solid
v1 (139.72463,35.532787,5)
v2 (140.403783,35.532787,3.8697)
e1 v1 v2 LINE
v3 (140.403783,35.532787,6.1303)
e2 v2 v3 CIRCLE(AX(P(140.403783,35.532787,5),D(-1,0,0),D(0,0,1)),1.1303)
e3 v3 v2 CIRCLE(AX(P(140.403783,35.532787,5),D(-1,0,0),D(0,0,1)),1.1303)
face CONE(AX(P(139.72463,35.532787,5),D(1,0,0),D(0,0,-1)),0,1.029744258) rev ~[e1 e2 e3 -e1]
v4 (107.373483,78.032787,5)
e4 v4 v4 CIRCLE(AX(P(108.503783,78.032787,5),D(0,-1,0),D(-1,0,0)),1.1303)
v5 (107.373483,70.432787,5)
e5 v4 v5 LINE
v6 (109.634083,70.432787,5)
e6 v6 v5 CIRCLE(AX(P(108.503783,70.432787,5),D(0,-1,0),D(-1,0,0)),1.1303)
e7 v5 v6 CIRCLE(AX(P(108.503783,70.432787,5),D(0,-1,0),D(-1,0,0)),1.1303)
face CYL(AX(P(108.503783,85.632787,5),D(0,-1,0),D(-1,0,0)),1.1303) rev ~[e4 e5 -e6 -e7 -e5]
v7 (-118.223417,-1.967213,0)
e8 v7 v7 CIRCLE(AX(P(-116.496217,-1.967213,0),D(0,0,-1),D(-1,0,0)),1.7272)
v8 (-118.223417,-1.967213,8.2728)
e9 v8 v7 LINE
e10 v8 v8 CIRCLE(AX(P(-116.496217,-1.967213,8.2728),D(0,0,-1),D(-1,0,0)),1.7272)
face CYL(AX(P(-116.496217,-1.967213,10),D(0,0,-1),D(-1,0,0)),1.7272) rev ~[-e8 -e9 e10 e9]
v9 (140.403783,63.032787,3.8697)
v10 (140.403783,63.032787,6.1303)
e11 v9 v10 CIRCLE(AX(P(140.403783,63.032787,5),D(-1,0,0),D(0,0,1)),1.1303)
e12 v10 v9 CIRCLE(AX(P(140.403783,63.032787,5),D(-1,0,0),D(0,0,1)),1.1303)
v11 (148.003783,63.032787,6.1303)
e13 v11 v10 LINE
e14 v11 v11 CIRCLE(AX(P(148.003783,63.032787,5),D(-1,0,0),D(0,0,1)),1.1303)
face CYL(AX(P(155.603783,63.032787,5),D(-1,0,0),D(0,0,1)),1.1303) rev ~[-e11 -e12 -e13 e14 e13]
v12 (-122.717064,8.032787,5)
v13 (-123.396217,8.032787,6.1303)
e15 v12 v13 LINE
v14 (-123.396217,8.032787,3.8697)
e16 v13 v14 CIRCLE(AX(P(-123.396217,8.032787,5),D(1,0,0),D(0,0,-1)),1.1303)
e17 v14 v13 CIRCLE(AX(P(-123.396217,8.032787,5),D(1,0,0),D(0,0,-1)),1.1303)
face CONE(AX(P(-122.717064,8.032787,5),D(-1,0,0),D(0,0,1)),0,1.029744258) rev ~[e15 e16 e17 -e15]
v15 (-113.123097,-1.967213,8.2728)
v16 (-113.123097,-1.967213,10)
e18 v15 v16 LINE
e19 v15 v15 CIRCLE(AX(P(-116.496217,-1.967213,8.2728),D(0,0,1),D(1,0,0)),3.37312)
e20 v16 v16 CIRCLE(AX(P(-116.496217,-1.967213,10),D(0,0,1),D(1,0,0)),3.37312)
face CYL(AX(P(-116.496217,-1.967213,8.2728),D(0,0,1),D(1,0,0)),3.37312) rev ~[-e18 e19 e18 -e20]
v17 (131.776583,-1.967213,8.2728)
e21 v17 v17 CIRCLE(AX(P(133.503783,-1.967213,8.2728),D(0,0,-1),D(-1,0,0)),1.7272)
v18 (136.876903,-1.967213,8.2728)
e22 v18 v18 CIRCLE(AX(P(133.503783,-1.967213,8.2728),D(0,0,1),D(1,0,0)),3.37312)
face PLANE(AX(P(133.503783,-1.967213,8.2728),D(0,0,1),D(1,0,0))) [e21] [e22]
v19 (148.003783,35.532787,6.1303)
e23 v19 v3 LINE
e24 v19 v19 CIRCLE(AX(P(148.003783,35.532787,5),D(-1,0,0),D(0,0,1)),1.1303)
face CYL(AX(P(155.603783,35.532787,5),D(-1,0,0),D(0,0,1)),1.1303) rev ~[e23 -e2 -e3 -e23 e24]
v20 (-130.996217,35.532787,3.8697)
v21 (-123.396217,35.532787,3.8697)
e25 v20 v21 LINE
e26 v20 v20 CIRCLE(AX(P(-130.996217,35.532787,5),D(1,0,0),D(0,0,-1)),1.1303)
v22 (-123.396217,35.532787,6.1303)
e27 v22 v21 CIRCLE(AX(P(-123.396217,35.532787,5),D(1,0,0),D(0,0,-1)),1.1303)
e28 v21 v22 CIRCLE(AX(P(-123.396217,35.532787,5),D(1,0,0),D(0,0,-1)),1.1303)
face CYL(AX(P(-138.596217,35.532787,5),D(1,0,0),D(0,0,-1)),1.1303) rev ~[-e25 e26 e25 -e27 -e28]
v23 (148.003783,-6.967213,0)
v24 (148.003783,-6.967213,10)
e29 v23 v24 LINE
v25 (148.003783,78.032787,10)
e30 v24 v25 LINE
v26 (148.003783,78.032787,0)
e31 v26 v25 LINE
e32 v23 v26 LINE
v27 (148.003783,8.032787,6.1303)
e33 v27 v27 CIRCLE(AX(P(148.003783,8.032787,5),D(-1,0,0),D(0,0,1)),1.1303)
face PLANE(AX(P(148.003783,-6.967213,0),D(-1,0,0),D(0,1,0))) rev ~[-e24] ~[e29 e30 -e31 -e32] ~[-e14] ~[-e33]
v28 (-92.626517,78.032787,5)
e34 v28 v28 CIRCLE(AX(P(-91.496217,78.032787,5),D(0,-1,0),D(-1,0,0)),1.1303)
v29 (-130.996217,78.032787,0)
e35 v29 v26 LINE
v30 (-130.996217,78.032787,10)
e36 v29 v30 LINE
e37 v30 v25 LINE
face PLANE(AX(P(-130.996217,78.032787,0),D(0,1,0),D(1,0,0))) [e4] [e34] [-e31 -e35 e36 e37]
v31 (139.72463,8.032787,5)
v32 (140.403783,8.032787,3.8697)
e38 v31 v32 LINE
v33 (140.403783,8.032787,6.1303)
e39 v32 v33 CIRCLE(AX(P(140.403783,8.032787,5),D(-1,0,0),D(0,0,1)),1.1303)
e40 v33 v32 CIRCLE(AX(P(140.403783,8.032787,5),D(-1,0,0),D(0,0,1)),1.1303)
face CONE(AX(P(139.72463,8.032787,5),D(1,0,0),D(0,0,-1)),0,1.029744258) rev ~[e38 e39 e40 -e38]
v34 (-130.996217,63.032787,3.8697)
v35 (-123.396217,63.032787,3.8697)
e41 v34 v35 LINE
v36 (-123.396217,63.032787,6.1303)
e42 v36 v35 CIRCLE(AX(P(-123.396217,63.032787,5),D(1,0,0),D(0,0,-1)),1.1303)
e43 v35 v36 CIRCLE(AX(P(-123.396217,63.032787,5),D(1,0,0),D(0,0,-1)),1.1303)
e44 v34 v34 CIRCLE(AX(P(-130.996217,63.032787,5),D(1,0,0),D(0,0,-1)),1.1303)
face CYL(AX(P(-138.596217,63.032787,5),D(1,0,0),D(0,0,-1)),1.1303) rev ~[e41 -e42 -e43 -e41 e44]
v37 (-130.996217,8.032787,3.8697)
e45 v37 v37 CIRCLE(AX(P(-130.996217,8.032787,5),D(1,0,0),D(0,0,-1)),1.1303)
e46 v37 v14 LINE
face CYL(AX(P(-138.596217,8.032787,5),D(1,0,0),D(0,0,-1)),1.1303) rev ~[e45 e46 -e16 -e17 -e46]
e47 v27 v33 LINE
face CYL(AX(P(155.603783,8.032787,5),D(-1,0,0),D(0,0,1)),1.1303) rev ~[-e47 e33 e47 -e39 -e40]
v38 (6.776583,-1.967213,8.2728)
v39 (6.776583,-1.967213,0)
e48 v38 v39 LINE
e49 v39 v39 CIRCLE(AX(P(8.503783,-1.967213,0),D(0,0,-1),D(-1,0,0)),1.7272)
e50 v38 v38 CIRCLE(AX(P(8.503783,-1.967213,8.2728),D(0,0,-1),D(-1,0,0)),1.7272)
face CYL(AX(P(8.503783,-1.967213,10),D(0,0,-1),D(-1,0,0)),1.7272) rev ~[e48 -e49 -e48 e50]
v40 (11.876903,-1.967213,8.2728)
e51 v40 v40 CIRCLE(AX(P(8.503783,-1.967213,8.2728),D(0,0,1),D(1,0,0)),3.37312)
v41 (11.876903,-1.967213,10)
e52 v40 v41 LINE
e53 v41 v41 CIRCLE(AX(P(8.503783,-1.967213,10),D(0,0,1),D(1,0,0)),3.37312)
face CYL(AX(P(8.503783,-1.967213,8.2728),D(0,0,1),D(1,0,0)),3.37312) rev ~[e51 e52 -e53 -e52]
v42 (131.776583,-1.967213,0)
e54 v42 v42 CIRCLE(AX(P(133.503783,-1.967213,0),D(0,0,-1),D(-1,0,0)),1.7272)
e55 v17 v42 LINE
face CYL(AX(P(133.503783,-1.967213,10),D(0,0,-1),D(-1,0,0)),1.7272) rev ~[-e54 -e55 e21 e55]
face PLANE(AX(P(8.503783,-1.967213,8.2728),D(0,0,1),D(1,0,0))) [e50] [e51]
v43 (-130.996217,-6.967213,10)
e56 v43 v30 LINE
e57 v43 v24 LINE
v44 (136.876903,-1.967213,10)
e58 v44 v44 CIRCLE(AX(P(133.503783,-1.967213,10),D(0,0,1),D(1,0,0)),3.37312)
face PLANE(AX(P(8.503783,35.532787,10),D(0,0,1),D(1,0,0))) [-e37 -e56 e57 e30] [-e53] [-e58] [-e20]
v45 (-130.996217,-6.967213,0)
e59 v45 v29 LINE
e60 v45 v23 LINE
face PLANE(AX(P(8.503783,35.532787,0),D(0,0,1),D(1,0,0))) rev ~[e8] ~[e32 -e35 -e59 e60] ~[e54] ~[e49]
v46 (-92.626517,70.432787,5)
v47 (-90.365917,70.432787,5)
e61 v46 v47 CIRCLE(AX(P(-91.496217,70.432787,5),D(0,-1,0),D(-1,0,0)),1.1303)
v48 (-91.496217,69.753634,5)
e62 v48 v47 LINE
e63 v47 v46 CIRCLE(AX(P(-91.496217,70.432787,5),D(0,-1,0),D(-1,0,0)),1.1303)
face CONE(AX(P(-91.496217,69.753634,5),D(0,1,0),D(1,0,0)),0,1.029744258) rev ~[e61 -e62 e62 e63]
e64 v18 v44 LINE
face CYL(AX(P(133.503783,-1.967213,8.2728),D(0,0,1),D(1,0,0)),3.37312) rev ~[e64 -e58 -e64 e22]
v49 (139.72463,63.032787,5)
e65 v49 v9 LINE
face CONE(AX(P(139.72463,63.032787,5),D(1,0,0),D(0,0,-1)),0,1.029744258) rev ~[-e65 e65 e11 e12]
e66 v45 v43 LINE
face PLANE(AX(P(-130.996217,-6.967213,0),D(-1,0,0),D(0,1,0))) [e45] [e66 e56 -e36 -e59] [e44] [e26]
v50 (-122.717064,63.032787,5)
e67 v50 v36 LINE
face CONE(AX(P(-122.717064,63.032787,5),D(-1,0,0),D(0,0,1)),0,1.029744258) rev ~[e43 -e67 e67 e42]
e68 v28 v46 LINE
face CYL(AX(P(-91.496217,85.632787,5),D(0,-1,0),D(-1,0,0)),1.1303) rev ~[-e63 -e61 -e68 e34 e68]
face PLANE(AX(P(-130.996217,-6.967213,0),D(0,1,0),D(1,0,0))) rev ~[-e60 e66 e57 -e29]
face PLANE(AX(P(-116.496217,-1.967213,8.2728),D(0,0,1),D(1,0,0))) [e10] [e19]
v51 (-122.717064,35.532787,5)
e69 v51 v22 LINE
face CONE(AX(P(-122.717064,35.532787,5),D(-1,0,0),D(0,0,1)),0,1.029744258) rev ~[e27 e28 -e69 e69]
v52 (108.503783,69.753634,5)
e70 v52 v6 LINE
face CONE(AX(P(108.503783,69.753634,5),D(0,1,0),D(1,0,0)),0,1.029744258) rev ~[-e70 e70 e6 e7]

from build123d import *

# Parameters (mm, degrees)
SKETCH1_W                                           = 279
SKETCH1_H                                           = 85
BOSS_EXTRUDE1_DEPTH                                 = 10
CBORE_FOR_4_BINDING_HEAD_MACHINE_SCREW1_D           = 3.4544
CBORE_FOR_4_BINDING_HEAD_MACHINE_SCREW1_CBORE_D     = 6.74624
CBORE_FOR_4_BINDING_HEAD_MACHINE_SCREW1_CBORE_DEPTH = 1.7272
F_4_40_TAPPED_HOLE1_D                               = 2.2606
F_4_40_TAPPED_HOLE1_DEPTH                           = 7.6
F_4_40_TAPPED_HOLE1_TIP                             = 0.679152758
F_4_40_TAPPED_HOLE2_D                               = 2.2606
F_4_40_TAPPED_HOLE2_DEPTH                           = 7.6
F_4_40_TAPPED_HOLE2_TIP                             = 0.679152758
F_4_40_TAPPED_HOLE3_D                               = 2.2606
F_4_40_TAPPED_HOLE3_DEPTH                           = 7.6
F_4_40_TAPPED_HOLE3_TIP                             = 0.679152758


with BuildPart() as part:
    # Sketch1 → Boss-Extrude1 (new body)
    with BuildSketch(Plane.XY):
        with Locations((8.503783102, 35.532786885)):
            Rectangle(SKETCH1_W, SKETCH1_H)
    extrude(amount=BOSS_EXTRUDE1_DEPTH)

    # CBORE for #4 Binding Head Machine Screw1 (through all)
    with Locations(Plane.XY.offset(10)):
        with Locations((-116.496216898, -1.967213115), (8.503783102, -1.967213115), (133.503783102, -1.967213115)):
            CounterBoreHole(CBORE_FOR_4_BINDING_HEAD_MACHINE_SCREW1_D / 2, CBORE_FOR_4_BINDING_HEAD_MACHINE_SCREW1_CBORE_D / 2, CBORE_FOR_4_BINDING_HEAD_MACHINE_SCREW1_CBORE_DEPTH)

    # #4-40 Tapped Hole1
    with Locations(Plane.ZY.offset(130.996216898)):
        with Locations((5, 63.032786885), (5, 35.532786885), (5, 8.032786885)):
            Hole(F_4_40_TAPPED_HOLE1_D / 2, depth=F_4_40_TAPPED_HOLE1_DEPTH)
            with Locations((0, 0, -(F_4_40_TAPPED_HOLE1_DEPTH + F_4_40_TAPPED_HOLE1_TIP / 2))):  # 118° drill point
                Cone(0, F_4_40_TAPPED_HOLE1_D / 2, F_4_40_TAPPED_HOLE1_TIP, mode=Mode.SUBTRACT)

    # #4-40 Tapped Hole2
    with Locations(Plane(origin=(148.003783102, 0, 0), x_dir=(0, 0, -1), z_dir=(1, 0, 0))):
        with Locations((-5, 63.032786885), (-5, 35.532786885), (-5, 8.032786885)):
            Hole(F_4_40_TAPPED_HOLE2_D / 2, depth=F_4_40_TAPPED_HOLE2_DEPTH)
            with Locations((0, 0, -(F_4_40_TAPPED_HOLE2_DEPTH + F_4_40_TAPPED_HOLE2_TIP / 2))):  # 118° drill point
                Cone(0, F_4_40_TAPPED_HOLE2_D / 2, F_4_40_TAPPED_HOLE2_TIP, mode=Mode.SUBTRACT)

    # #4-40 Tapped Hole3
    with Locations(Plane(origin=(0, 78.032786885, 0), x_dir=(1, 0, 0), z_dir=(0, 1, 0))):
        with Locations((-91.496216898, -5), (108.503783102, -5)):
            Hole(F_4_40_TAPPED_HOLE3_D / 2, depth=F_4_40_TAPPED_HOLE3_DEPTH)
            with Locations((0, 0, -(F_4_40_TAPPED_HOLE3_DEPTH + F_4_40_TAPPED_HOLE3_TIP / 2))):  # 118° drill point
                Cone(0, F_4_40_TAPPED_HOLE3_D / 2, F_4_40_TAPPED_HOLE3_TIP, mode=Mode.SUBTRACT)


solid = part.part
